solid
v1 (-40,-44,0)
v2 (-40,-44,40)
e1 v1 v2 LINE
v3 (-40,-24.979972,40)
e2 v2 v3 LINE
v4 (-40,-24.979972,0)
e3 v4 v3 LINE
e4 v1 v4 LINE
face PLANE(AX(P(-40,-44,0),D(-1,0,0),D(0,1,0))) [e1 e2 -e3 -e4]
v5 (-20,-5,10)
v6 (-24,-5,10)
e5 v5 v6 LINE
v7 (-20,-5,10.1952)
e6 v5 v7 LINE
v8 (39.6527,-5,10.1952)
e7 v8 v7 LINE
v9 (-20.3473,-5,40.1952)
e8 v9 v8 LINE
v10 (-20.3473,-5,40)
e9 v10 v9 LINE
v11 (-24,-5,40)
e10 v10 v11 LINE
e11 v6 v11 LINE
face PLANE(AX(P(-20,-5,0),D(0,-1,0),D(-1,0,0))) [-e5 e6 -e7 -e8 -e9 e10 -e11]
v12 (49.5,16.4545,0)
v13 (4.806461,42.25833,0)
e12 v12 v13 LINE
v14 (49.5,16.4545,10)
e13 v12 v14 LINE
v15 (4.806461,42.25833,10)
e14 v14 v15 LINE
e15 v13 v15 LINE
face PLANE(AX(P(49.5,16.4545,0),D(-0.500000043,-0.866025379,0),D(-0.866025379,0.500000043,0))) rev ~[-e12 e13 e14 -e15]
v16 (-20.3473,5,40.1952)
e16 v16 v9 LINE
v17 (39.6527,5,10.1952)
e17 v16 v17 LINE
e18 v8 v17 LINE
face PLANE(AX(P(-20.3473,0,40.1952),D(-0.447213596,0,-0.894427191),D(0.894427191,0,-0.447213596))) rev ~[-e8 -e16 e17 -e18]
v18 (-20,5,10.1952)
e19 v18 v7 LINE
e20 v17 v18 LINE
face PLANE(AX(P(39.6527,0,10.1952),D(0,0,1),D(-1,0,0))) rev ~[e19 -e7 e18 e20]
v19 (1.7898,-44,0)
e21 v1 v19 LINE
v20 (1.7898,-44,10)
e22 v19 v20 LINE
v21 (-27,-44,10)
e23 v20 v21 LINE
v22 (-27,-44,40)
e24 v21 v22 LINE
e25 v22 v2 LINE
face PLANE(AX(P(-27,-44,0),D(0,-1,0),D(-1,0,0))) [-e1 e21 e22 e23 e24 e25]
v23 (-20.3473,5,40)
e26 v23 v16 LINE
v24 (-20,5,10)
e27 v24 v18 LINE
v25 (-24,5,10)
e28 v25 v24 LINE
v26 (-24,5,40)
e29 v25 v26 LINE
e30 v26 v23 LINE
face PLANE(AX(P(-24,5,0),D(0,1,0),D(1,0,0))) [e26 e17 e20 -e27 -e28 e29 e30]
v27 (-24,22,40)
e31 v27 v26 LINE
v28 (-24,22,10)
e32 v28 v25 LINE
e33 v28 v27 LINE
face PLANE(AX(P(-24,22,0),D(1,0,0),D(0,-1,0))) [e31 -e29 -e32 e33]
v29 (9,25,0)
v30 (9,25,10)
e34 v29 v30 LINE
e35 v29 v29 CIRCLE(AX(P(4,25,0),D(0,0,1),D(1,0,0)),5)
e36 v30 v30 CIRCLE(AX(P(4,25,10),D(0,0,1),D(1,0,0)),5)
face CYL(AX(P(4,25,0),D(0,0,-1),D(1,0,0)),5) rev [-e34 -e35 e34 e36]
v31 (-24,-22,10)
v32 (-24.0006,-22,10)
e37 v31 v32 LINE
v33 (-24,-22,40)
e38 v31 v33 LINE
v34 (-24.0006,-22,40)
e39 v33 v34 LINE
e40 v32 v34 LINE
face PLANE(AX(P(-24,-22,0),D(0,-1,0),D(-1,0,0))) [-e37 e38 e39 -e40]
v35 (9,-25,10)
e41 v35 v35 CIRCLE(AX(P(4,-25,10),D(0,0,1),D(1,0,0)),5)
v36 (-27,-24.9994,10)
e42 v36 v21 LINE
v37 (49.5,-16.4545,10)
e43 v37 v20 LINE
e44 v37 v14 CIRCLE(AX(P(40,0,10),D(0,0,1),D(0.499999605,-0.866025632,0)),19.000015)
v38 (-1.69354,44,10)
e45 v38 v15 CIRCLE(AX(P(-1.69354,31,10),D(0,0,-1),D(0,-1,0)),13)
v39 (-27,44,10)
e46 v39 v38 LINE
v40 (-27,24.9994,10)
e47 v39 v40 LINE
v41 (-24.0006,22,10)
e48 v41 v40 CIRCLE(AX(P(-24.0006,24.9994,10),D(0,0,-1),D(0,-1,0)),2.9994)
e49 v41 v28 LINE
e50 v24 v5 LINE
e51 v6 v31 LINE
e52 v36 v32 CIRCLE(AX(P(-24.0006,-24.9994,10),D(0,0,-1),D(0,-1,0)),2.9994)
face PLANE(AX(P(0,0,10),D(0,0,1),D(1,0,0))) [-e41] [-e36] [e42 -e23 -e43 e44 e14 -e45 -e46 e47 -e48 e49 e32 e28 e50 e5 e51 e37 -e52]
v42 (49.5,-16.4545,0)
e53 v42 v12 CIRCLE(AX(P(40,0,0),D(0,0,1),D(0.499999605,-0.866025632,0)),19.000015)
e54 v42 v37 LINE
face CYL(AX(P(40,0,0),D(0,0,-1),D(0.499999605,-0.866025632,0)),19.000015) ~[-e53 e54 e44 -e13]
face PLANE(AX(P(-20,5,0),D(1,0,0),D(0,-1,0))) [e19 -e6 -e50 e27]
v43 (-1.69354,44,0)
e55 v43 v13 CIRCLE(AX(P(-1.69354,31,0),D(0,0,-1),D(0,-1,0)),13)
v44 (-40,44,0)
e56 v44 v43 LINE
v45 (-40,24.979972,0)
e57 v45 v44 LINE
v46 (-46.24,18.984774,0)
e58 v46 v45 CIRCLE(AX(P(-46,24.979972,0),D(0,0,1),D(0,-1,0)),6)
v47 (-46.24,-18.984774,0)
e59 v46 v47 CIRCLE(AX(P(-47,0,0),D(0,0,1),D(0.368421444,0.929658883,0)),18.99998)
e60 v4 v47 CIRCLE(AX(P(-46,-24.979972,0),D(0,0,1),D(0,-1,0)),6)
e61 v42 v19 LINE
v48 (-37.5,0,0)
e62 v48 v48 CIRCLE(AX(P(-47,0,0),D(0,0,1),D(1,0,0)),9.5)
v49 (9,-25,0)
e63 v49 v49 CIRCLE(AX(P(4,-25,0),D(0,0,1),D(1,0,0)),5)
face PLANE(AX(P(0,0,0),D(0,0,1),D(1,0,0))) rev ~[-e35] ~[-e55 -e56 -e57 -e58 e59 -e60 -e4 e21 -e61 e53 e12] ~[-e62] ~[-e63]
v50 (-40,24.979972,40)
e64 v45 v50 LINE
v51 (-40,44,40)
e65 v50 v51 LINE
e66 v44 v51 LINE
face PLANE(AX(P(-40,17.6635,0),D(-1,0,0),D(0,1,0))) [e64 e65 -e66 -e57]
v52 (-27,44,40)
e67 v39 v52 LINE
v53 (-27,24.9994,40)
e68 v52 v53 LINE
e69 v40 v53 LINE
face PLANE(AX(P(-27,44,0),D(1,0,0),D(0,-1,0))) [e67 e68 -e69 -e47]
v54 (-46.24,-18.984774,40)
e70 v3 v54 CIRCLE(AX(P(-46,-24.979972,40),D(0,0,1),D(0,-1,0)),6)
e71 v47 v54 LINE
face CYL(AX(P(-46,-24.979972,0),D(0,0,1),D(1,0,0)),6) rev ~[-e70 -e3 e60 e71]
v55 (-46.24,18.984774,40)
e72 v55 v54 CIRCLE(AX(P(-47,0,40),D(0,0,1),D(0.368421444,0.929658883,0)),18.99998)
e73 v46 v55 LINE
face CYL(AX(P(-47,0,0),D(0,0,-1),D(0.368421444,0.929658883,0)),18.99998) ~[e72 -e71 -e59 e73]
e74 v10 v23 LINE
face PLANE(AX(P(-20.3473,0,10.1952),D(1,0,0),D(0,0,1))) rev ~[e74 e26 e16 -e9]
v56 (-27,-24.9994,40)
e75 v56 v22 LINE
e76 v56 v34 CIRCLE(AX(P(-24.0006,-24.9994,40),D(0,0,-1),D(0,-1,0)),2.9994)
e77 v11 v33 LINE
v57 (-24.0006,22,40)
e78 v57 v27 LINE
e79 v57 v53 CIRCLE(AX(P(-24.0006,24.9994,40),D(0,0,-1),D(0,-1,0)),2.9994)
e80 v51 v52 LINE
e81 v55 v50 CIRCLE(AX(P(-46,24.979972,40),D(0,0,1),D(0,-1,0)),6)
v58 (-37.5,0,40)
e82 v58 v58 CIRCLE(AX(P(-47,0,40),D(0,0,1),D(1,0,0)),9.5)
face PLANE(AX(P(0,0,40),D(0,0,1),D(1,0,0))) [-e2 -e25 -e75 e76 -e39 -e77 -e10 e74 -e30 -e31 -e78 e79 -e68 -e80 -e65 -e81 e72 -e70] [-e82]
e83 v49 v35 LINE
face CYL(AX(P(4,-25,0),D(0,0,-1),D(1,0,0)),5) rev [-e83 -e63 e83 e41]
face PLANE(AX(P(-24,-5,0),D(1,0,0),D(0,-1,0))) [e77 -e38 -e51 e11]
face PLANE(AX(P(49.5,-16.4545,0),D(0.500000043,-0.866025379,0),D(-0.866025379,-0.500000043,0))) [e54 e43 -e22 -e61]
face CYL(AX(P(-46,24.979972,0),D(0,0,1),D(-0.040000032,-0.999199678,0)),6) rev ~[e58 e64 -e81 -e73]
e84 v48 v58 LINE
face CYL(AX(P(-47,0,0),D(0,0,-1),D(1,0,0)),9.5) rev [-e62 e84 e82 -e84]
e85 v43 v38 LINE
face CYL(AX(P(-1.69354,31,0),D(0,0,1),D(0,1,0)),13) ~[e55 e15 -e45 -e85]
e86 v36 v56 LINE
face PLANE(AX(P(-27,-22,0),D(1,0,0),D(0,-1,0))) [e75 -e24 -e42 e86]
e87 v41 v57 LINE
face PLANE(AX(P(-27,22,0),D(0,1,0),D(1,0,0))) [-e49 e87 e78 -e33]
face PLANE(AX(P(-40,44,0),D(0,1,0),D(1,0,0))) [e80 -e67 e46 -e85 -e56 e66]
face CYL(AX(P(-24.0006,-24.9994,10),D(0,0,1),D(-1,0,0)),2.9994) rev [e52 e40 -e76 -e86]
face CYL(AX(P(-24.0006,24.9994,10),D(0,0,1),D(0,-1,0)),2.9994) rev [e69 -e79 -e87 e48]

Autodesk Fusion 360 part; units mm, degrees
sketch "Sketch1" plane through (0, 0, 0) normal (0, 0, 1) x (1, 0, 0)
  line L0 (1.7898, -44) -> (-40, -44)
  line L1 (-40, 44) -> (1.7898, 44)
  line L2 (-40, 44) -> (-27, 44)
  line L3 (-27, -44) -> (-40, -44)
  line L4 (-27, 22) -> (-24, 22)
  line L5 (-24, -22) -> (-27, -22)
  line L6 (-24, 5) -> (40, 5)
  line L7 (40, 5) -> (40, -5)
  line L8 (40, -5) -> (-24, -5)
  line L9 (-24, 5) -> (-20, 5)
  line L10 (-20, 5) -> (-20, -5)
  line L11 (-20, -5) -> (-24, -5)
  circle A0 centre (-47, 0) radius 9.5
  circle A1 centre (4, 25) radius 5
  circle A2 centre (4, -25) radius 5
  line L12 (49.5, 16.4545) -> (1.7898, 44)
  line L13 (49.5, -16.4545) -> (1.7898, -44)
  arc A3 (-40, 17.6635) -> (-40, -17.6635) centre (-47, 0) ccw
  line L14 (4.5455, -5) -> (4, -4.4) construction
  line L15 (4, -42.7239) -> (4, -44) construction
  line L16 (4, 5) -> (4, 4.4) construction
  line L17 (4, -4.4) -> (4, -5) construction
  line L18 (4, 4.4) -> (4.5455, 5) construction
  line L19 (-56.5, 0) -> (-59, 0) construction
  line L20 (-20, 0) -> (-27, 0) construction
  line L21 (-37.5, 0) -> (-40, 0) construction
  line L22 (-40, 0) -> (-37.5, 0) construction
  line L23 (-27, 0) -> (-24, 0) construction
  line L24 (40, 5) -> (40, -5)
  arc A4 (49.5, -16.4545) -> (49.5, 16.4545) centre (40, 0) ccw
  line L25 (-24, 22) -> (-24, 5)
  line L26 (-24, -5) -> (-24, -22)
  line L27 (-40, -44) -> (-40, -17.6635)
  line L28 (-40, 17.6635) -> (-40, 44)
  line L29 (-40, -44) -> (-40, -17.6635)
  line L30 (-40, 17.6635) -> (-40, 44)
  line L31 (-27, 44) -> (-27, 22)
  line L32 (-27, -22) -> (-27, -44)
  dimension "d2" = 88
  dimension "d3" = 13
  dimension "d4" = 3
  dimension "d5" = 44
  dimension "d6" = 22
  dimension "d7" = 64
  dimension "d8" = 10
  dimension "d9" = 17
  dimension "d10" = 4
  dimension "d12" = 19
  dimension "d13" = 38
  dimension "d17" = 10
  dimension "d18" = 10
extrude "Extrude1" add sketch "Sketch1" along normal blind 10 contours L0 L1 L4 L5 L6 L7 L8 L9 L11 L12 L13 L24 A4 L25 L26 L31 L32
extrude "Extrude2" add sketch "Sketch1" along normal blind 10 contours L6 L7 L8 L10 L24
extrude "Extrude3" add sketch "Sketch1" along normal blind 40 contours L0 L1 L2 L3 L4 L5 L6 L8 L9 L10 L11 A3 L25 L26 L27 L28 L29 L30 L31 L32
fillet "Fillet1" radius 6 1 edges at (-40, -17.6635, 20)
fillet "Fillet2" radius 6 1 edges at (-40, 17.6635, 20)
fillet "Fillet3" radius 3 1 edges at (-27, -22, 25)
fillet "Fillet4" radius 3 1 edges at (-27, 22, 25)
fillet "Fillet5" radius 13 1 edges at (1.7898, 44, 5)
sketch "Sketch2" plane through (0, 0, 0) normal (0, 1, 0) x (1, 0, 0)
  line L0 (39.6527, -10.1952) -> (-20.3473, -10.1952)
  line L1 (-20.3473, -10.1952) -> (-20.3473, -40.1952)
  line L2 (-20.3473, -40.1952) -> (39.6527, -10.1952)
  dimension "d36" = 60
  dimension "d37" = 30
extrude "Extrude4" add sketch "Sketch2" along normal mid plane 10
equation "d5 = 3 mm + 38 mm + 3 mm"
equation "d7 = 67 mm - 3 mm"
equation "d9 = 14 mm + 3 mm"
equation "d36 = 67 mm - 3 mm - 4 mm"
equation "d37 = 40 mm - 10 mm"
